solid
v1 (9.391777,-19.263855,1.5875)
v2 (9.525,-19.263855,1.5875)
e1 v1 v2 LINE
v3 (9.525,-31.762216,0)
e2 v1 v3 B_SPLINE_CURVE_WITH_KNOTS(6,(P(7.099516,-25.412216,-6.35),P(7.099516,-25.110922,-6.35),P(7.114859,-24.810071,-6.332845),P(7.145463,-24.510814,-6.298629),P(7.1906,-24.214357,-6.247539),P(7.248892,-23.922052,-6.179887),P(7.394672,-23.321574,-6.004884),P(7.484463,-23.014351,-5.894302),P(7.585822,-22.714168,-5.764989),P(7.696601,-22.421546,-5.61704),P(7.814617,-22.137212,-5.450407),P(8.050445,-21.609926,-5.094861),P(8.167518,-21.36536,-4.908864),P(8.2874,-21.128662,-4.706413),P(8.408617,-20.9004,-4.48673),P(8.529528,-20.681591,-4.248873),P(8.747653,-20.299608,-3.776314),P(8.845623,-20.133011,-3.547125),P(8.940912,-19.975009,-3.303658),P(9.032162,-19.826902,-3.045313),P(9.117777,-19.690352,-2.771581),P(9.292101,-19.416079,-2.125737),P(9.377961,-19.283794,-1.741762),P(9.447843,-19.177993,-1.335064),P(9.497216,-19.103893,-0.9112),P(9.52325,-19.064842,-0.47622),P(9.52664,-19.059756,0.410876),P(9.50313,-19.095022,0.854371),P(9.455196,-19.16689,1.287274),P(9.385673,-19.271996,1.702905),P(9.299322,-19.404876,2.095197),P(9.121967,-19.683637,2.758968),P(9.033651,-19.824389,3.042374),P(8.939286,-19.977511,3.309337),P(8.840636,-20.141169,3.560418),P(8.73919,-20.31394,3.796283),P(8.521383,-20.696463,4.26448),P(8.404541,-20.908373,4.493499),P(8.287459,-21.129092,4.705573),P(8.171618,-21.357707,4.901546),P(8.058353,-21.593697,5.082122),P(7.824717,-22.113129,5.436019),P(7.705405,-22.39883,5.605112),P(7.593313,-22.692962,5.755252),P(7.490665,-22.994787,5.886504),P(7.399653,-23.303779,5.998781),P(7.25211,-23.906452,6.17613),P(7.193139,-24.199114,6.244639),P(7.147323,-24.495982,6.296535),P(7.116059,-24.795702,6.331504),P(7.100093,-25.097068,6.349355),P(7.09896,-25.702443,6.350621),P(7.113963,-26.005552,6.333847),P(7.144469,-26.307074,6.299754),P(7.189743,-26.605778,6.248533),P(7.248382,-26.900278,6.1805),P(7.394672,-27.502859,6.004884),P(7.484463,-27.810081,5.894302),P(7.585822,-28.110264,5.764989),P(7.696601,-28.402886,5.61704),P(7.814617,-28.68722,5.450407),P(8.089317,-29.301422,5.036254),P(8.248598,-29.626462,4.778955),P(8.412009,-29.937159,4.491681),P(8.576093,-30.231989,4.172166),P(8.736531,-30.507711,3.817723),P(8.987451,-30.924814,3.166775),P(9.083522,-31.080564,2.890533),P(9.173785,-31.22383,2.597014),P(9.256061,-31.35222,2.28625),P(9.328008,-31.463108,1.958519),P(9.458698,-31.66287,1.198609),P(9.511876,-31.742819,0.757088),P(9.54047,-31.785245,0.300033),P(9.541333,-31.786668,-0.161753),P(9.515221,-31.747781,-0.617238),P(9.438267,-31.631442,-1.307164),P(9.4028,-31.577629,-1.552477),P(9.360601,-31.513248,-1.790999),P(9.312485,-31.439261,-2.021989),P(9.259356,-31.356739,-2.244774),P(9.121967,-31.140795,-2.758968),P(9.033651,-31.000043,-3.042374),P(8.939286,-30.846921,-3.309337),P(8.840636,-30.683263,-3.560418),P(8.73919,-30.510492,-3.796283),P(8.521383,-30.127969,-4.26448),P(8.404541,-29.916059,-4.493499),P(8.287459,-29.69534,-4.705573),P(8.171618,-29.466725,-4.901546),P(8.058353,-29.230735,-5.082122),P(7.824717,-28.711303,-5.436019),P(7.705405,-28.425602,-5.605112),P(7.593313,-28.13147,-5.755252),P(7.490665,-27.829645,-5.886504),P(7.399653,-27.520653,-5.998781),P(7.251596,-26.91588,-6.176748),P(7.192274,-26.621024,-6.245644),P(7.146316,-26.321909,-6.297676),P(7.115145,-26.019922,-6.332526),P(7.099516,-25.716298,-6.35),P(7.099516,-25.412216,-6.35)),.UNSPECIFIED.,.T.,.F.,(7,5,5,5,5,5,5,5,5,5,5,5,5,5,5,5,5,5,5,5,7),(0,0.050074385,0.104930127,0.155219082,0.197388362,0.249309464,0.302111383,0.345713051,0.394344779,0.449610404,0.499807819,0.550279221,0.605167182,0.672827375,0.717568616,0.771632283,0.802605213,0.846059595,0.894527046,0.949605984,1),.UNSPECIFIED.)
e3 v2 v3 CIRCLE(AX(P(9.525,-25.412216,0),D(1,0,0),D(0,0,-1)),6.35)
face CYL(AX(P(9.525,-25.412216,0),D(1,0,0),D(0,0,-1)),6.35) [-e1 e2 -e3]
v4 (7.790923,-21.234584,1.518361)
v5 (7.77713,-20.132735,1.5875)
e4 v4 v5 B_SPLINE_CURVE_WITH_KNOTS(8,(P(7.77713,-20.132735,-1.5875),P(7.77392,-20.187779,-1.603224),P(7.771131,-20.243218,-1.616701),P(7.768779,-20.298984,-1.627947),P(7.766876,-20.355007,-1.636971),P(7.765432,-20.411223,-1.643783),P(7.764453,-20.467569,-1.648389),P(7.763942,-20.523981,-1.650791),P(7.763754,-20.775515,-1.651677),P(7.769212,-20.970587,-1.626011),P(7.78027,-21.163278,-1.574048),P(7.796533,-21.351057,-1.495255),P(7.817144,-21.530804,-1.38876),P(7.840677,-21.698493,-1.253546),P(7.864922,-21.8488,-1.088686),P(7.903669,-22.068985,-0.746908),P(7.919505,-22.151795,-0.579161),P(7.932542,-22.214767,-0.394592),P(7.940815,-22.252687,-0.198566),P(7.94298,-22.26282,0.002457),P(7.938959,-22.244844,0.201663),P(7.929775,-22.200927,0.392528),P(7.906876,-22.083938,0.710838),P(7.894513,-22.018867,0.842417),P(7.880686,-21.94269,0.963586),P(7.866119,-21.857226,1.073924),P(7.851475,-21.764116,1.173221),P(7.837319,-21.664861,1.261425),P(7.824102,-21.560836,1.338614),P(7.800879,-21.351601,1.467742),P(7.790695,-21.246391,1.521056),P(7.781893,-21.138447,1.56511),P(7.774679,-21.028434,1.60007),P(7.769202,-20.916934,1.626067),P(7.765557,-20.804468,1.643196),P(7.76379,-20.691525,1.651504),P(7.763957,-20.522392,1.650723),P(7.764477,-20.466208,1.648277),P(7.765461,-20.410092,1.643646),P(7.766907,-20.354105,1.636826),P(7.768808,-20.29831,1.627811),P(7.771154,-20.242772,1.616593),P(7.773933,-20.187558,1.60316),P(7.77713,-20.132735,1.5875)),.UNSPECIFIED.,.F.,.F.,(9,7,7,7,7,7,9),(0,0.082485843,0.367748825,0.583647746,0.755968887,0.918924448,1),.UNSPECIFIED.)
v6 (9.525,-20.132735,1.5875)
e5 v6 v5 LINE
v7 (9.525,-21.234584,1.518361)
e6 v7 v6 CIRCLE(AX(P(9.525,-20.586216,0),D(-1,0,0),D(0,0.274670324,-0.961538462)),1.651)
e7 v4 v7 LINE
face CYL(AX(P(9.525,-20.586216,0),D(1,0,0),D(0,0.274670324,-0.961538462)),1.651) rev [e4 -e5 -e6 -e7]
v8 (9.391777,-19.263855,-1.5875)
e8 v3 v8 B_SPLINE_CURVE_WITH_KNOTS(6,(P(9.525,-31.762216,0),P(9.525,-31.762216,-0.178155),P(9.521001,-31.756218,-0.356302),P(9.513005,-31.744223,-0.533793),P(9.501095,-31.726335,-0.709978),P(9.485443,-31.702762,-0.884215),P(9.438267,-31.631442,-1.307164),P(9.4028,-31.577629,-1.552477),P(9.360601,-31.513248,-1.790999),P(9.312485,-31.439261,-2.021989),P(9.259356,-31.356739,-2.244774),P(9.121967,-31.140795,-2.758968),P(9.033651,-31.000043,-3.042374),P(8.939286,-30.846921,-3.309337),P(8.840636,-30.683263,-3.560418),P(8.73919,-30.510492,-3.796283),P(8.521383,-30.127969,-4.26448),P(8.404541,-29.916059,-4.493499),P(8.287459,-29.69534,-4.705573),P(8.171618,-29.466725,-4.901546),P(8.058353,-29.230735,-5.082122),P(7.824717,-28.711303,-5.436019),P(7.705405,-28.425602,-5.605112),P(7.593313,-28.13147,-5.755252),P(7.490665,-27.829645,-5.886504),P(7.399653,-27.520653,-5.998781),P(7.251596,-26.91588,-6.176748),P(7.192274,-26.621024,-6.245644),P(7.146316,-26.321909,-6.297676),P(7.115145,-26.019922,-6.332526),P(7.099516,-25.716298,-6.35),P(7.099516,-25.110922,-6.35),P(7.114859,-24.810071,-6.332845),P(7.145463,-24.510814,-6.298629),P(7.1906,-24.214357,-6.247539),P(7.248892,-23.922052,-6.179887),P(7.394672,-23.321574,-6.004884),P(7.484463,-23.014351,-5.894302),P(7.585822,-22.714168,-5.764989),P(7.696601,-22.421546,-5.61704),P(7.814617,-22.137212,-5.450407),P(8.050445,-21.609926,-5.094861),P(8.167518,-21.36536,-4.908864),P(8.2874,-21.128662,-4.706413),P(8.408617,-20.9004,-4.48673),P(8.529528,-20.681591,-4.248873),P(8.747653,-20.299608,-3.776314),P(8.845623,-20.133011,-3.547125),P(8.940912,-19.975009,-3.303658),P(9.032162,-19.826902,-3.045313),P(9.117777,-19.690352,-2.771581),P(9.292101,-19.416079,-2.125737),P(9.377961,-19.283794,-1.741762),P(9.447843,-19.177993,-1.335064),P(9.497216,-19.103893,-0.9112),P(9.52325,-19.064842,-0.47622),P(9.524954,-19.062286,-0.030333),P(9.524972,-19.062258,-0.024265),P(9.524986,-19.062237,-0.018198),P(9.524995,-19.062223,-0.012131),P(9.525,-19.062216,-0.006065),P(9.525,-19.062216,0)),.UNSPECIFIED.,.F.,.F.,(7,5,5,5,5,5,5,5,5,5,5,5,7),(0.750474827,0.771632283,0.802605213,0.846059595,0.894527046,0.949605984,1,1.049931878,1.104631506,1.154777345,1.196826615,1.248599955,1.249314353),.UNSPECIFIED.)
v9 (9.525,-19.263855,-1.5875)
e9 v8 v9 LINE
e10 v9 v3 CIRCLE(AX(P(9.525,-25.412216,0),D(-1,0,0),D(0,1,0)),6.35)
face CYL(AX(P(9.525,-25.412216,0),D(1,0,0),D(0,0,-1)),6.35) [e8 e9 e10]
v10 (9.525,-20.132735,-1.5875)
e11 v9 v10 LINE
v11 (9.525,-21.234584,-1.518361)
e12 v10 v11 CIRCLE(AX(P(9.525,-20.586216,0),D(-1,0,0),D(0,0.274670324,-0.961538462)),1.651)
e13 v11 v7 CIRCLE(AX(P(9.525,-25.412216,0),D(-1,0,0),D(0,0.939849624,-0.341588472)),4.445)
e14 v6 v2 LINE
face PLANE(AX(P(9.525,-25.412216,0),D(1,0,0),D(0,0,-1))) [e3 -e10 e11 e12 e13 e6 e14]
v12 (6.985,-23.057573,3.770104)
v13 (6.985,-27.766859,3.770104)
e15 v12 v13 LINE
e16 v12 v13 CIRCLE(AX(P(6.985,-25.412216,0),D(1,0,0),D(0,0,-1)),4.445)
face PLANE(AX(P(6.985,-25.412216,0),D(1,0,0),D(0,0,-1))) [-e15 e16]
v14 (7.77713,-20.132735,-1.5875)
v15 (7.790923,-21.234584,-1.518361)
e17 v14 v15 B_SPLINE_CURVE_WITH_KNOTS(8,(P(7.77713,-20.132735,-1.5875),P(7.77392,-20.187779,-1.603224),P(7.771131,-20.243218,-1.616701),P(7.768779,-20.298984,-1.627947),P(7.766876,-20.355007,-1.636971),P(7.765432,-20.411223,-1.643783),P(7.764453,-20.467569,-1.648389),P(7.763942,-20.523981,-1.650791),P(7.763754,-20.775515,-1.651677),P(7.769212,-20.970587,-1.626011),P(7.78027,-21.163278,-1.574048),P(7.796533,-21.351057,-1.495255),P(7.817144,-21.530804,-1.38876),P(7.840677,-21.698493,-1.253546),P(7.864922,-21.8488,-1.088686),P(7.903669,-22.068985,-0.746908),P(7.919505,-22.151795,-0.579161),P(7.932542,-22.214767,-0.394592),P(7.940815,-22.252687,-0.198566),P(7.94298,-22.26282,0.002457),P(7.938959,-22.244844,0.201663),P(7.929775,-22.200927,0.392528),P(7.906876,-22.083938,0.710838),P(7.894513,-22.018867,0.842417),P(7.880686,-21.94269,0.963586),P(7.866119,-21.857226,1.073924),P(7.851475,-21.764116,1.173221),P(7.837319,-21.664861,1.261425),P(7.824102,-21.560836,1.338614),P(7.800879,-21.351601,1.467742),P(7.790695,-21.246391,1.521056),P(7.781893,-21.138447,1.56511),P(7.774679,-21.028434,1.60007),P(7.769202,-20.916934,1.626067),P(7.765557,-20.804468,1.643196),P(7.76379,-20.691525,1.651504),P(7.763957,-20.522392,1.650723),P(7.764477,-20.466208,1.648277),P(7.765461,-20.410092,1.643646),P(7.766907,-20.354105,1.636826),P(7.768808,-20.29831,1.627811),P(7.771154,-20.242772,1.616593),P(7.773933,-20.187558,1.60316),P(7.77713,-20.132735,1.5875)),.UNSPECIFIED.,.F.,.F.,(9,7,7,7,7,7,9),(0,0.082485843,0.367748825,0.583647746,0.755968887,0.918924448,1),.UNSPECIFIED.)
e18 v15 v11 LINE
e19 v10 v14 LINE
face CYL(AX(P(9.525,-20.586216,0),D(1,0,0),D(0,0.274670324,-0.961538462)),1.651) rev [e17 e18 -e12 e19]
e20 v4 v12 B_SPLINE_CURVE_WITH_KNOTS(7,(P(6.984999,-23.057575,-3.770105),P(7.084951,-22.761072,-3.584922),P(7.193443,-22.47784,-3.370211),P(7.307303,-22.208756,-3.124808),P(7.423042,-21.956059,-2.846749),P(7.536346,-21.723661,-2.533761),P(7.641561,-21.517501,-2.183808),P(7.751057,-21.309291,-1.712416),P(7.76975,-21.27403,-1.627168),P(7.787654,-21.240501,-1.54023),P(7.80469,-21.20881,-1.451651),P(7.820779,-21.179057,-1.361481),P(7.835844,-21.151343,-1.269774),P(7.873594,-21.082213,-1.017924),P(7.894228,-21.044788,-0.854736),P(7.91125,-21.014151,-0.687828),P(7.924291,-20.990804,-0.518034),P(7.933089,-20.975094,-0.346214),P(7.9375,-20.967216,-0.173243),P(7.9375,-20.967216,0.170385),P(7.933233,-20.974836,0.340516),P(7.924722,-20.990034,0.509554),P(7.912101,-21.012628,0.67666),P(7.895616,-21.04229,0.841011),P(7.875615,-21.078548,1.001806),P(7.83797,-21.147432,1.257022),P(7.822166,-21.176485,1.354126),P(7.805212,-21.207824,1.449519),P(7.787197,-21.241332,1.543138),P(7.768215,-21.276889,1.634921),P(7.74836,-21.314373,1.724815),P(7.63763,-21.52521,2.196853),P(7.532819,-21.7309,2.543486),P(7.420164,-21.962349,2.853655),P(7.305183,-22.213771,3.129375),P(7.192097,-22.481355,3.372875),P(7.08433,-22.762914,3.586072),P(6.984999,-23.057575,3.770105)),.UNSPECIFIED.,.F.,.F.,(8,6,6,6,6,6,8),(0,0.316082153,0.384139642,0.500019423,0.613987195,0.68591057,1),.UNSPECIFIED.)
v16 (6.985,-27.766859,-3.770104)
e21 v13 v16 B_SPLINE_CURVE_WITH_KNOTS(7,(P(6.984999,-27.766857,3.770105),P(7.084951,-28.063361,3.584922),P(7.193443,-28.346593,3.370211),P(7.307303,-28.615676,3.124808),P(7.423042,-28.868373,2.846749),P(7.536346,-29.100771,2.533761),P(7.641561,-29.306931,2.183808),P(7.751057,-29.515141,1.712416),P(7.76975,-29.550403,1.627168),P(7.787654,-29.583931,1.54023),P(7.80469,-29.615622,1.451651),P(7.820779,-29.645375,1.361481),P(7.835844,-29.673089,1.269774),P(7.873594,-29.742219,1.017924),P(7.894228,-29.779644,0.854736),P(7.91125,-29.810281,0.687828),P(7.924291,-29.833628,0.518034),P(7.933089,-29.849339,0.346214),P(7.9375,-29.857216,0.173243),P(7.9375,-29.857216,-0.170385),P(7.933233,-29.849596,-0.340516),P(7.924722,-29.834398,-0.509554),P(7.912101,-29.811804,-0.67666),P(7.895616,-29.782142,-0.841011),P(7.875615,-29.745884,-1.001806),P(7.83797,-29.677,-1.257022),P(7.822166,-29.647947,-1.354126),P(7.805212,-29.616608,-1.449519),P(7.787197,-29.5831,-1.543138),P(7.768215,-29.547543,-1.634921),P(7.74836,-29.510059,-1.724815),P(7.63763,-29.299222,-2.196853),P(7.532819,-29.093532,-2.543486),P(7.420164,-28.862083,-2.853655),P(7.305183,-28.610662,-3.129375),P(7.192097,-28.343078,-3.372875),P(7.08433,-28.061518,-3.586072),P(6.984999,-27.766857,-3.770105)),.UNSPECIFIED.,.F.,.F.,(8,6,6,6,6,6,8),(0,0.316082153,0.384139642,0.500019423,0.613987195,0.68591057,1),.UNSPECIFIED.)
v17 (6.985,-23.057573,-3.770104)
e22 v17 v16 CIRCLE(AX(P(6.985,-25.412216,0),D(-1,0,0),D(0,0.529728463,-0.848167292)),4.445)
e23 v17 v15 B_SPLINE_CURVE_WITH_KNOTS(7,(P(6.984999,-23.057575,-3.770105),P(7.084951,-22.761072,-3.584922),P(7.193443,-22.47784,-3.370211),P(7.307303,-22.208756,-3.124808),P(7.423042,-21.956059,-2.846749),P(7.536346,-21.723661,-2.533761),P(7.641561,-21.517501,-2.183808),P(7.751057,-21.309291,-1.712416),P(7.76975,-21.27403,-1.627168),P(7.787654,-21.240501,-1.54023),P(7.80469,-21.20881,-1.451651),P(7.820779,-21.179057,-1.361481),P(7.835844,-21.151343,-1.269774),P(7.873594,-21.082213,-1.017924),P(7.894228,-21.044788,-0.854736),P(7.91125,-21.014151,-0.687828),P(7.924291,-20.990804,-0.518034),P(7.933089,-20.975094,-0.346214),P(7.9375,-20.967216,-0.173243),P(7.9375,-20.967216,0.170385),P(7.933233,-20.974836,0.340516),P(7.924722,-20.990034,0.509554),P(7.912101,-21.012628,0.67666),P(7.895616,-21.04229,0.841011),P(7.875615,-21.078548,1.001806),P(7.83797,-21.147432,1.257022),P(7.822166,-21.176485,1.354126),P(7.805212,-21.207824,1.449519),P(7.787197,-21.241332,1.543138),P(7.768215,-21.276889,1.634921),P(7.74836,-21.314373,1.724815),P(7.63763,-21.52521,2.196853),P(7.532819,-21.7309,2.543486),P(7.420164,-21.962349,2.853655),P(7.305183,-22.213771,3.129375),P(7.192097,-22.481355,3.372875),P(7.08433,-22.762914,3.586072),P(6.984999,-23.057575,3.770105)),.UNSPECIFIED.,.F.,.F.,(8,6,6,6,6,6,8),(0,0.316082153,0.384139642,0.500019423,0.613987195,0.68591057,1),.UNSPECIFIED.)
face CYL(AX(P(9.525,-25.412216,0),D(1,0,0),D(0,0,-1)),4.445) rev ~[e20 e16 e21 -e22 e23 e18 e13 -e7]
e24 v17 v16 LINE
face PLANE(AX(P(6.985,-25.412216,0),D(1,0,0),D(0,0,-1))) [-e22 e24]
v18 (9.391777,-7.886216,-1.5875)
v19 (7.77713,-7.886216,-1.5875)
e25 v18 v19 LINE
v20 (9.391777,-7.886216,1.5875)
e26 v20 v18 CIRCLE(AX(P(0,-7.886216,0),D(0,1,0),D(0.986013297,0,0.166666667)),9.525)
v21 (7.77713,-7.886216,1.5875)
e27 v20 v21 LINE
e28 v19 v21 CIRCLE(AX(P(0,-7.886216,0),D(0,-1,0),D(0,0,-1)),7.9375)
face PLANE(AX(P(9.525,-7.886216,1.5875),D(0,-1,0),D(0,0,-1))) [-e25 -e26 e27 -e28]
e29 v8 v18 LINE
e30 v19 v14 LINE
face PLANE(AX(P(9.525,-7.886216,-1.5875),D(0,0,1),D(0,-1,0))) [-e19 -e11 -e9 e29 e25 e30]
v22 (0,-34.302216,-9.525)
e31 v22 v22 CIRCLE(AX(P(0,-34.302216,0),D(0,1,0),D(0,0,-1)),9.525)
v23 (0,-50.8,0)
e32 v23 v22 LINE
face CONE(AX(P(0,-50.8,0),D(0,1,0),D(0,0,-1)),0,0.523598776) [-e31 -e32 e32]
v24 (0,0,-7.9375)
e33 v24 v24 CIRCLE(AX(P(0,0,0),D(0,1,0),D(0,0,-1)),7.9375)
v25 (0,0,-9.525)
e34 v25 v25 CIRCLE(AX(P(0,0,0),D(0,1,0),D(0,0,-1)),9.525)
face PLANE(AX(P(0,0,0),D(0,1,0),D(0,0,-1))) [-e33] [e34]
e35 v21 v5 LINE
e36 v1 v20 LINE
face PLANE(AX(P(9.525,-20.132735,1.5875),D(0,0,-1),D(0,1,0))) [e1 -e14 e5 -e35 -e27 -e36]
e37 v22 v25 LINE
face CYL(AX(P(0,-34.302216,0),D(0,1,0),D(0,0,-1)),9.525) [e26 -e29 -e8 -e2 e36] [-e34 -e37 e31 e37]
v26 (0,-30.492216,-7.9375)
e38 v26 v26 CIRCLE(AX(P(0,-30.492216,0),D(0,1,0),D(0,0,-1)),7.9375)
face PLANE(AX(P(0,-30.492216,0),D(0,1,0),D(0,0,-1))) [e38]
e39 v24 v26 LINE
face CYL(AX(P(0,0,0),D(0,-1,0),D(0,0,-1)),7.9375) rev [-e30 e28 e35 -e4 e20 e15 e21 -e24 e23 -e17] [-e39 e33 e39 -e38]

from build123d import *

# Parameters (mm, degrees)
BOSS_EXTRUDE1_REACH     = 57.084
SENSOR_R                = 6.35
SKETCH4_R               = 4.445
CUT_EXTRUDE1_DEPTH      = 2.54
CUT_EXTRUDE2_REACH      = 57.084
CUT_EXTRUDE2_END_RADIUS = 7.9375


with BuildPart() as part:
    # Sketch1 → mainBody (revolve)
    with BuildSketch(Plane(origin=(0, 0, 0), x_dir=(0, 0, -1), z_dir=(1, 0, 0)), mode=Mode.PRIVATE) as mainbody_sk:
        Polygon((-9.525, 0), (-7.9375, 0), (-7.9375, -30.492216058), (0, -30.492216058), (0, -50.8), (-9.525, -34.302216058), align=None)
    revolve(mainbody_sk.sketch.rotate(Axis((0, 0, 0), (0, 1, 0)), 180), axis=Axis((0, 0, 0), (0, 1, 0)))

    # sensor → Boss-Extrude1 (add, up to next)
    with BuildSketch(Plane(origin=(9.525, 0, 0), x_dir=(0, 0, -1), z_dir=(1, 0, 0)), mode=Mode.PRIVATE) as boss_extrude1_sk1:
        with Locations((0, -25.412216058)):
            Circle(SENSOR_R)
    boss_extrude1_tool1 = extrude(boss_extrude1_sk1.sketch, amount=-BOSS_EXTRUDE1_REACH, mode=Mode.PRIVATE) - part.part
    add(boss_extrude1_tool1.solids().sort_by_distance((9.525, -25.412216, 0))[0])
    add(boss_extrude1_tool1.solids().sort_by_distance((9.525, -25.412216, 0))[1])

    # Sketch4 → Cut-Extrude1 (cut)
    with BuildSketch(Plane(origin=(9.525, 0, 0), x_dir=(0, 0, -1), z_dir=(1, 0, 0))):
        with Locations((0, -25.412216058)):
            Circle(SKETCH4_R)
    extrude(amount=-CUT_EXTRUDE1_DEPTH, mode=Mode.SUBTRACT)

    # Cut-Extrude2: up to this cylinder (the profile starts outside it)
    cut_extrude2_end = Plane(origin=(0, -14.917784, 0), z_dir=(0, -1, 0)) * Cylinder(CUT_EXTRUDE2_END_RADIUS, 131.043, mode=Mode.PRIVATE)
    # Sketch5 → Cut-Extrude2 (cut, up to the surface)
    with BuildSketch(Plane(origin=(9.525, 0, 0), x_dir=(0, 0, -1), z_dir=(1, 0, 0)), mode=Mode.PRIVATE) as cut_extrude2_sk1:
        with BuildLine():
            Line((-1.5875, -7.886216058), (1.5875, -7.886216058))
            Line((1.5875, -7.886216058), (1.5875, -20.132735353))
            ThreePointArc((1.5875, -20.132735353), (0, -22.237216058), (-1.5875, -20.132735353))
            Line((-1.5875, -20.132735353), (-1.5875, -7.886216058))
        make_face()
    cut_extrude2_tool1 = extrude(cut_extrude2_sk1.sketch, amount=-CUT_EXTRUDE2_REACH, mode=Mode.PRIVATE) - cut_extrude2_end
    add(cut_extrude2_tool1.solids().sort_by_distance((9.525, -14.917784, 0))[0], mode=Mode.SUBTRACT)


solid = part.part
